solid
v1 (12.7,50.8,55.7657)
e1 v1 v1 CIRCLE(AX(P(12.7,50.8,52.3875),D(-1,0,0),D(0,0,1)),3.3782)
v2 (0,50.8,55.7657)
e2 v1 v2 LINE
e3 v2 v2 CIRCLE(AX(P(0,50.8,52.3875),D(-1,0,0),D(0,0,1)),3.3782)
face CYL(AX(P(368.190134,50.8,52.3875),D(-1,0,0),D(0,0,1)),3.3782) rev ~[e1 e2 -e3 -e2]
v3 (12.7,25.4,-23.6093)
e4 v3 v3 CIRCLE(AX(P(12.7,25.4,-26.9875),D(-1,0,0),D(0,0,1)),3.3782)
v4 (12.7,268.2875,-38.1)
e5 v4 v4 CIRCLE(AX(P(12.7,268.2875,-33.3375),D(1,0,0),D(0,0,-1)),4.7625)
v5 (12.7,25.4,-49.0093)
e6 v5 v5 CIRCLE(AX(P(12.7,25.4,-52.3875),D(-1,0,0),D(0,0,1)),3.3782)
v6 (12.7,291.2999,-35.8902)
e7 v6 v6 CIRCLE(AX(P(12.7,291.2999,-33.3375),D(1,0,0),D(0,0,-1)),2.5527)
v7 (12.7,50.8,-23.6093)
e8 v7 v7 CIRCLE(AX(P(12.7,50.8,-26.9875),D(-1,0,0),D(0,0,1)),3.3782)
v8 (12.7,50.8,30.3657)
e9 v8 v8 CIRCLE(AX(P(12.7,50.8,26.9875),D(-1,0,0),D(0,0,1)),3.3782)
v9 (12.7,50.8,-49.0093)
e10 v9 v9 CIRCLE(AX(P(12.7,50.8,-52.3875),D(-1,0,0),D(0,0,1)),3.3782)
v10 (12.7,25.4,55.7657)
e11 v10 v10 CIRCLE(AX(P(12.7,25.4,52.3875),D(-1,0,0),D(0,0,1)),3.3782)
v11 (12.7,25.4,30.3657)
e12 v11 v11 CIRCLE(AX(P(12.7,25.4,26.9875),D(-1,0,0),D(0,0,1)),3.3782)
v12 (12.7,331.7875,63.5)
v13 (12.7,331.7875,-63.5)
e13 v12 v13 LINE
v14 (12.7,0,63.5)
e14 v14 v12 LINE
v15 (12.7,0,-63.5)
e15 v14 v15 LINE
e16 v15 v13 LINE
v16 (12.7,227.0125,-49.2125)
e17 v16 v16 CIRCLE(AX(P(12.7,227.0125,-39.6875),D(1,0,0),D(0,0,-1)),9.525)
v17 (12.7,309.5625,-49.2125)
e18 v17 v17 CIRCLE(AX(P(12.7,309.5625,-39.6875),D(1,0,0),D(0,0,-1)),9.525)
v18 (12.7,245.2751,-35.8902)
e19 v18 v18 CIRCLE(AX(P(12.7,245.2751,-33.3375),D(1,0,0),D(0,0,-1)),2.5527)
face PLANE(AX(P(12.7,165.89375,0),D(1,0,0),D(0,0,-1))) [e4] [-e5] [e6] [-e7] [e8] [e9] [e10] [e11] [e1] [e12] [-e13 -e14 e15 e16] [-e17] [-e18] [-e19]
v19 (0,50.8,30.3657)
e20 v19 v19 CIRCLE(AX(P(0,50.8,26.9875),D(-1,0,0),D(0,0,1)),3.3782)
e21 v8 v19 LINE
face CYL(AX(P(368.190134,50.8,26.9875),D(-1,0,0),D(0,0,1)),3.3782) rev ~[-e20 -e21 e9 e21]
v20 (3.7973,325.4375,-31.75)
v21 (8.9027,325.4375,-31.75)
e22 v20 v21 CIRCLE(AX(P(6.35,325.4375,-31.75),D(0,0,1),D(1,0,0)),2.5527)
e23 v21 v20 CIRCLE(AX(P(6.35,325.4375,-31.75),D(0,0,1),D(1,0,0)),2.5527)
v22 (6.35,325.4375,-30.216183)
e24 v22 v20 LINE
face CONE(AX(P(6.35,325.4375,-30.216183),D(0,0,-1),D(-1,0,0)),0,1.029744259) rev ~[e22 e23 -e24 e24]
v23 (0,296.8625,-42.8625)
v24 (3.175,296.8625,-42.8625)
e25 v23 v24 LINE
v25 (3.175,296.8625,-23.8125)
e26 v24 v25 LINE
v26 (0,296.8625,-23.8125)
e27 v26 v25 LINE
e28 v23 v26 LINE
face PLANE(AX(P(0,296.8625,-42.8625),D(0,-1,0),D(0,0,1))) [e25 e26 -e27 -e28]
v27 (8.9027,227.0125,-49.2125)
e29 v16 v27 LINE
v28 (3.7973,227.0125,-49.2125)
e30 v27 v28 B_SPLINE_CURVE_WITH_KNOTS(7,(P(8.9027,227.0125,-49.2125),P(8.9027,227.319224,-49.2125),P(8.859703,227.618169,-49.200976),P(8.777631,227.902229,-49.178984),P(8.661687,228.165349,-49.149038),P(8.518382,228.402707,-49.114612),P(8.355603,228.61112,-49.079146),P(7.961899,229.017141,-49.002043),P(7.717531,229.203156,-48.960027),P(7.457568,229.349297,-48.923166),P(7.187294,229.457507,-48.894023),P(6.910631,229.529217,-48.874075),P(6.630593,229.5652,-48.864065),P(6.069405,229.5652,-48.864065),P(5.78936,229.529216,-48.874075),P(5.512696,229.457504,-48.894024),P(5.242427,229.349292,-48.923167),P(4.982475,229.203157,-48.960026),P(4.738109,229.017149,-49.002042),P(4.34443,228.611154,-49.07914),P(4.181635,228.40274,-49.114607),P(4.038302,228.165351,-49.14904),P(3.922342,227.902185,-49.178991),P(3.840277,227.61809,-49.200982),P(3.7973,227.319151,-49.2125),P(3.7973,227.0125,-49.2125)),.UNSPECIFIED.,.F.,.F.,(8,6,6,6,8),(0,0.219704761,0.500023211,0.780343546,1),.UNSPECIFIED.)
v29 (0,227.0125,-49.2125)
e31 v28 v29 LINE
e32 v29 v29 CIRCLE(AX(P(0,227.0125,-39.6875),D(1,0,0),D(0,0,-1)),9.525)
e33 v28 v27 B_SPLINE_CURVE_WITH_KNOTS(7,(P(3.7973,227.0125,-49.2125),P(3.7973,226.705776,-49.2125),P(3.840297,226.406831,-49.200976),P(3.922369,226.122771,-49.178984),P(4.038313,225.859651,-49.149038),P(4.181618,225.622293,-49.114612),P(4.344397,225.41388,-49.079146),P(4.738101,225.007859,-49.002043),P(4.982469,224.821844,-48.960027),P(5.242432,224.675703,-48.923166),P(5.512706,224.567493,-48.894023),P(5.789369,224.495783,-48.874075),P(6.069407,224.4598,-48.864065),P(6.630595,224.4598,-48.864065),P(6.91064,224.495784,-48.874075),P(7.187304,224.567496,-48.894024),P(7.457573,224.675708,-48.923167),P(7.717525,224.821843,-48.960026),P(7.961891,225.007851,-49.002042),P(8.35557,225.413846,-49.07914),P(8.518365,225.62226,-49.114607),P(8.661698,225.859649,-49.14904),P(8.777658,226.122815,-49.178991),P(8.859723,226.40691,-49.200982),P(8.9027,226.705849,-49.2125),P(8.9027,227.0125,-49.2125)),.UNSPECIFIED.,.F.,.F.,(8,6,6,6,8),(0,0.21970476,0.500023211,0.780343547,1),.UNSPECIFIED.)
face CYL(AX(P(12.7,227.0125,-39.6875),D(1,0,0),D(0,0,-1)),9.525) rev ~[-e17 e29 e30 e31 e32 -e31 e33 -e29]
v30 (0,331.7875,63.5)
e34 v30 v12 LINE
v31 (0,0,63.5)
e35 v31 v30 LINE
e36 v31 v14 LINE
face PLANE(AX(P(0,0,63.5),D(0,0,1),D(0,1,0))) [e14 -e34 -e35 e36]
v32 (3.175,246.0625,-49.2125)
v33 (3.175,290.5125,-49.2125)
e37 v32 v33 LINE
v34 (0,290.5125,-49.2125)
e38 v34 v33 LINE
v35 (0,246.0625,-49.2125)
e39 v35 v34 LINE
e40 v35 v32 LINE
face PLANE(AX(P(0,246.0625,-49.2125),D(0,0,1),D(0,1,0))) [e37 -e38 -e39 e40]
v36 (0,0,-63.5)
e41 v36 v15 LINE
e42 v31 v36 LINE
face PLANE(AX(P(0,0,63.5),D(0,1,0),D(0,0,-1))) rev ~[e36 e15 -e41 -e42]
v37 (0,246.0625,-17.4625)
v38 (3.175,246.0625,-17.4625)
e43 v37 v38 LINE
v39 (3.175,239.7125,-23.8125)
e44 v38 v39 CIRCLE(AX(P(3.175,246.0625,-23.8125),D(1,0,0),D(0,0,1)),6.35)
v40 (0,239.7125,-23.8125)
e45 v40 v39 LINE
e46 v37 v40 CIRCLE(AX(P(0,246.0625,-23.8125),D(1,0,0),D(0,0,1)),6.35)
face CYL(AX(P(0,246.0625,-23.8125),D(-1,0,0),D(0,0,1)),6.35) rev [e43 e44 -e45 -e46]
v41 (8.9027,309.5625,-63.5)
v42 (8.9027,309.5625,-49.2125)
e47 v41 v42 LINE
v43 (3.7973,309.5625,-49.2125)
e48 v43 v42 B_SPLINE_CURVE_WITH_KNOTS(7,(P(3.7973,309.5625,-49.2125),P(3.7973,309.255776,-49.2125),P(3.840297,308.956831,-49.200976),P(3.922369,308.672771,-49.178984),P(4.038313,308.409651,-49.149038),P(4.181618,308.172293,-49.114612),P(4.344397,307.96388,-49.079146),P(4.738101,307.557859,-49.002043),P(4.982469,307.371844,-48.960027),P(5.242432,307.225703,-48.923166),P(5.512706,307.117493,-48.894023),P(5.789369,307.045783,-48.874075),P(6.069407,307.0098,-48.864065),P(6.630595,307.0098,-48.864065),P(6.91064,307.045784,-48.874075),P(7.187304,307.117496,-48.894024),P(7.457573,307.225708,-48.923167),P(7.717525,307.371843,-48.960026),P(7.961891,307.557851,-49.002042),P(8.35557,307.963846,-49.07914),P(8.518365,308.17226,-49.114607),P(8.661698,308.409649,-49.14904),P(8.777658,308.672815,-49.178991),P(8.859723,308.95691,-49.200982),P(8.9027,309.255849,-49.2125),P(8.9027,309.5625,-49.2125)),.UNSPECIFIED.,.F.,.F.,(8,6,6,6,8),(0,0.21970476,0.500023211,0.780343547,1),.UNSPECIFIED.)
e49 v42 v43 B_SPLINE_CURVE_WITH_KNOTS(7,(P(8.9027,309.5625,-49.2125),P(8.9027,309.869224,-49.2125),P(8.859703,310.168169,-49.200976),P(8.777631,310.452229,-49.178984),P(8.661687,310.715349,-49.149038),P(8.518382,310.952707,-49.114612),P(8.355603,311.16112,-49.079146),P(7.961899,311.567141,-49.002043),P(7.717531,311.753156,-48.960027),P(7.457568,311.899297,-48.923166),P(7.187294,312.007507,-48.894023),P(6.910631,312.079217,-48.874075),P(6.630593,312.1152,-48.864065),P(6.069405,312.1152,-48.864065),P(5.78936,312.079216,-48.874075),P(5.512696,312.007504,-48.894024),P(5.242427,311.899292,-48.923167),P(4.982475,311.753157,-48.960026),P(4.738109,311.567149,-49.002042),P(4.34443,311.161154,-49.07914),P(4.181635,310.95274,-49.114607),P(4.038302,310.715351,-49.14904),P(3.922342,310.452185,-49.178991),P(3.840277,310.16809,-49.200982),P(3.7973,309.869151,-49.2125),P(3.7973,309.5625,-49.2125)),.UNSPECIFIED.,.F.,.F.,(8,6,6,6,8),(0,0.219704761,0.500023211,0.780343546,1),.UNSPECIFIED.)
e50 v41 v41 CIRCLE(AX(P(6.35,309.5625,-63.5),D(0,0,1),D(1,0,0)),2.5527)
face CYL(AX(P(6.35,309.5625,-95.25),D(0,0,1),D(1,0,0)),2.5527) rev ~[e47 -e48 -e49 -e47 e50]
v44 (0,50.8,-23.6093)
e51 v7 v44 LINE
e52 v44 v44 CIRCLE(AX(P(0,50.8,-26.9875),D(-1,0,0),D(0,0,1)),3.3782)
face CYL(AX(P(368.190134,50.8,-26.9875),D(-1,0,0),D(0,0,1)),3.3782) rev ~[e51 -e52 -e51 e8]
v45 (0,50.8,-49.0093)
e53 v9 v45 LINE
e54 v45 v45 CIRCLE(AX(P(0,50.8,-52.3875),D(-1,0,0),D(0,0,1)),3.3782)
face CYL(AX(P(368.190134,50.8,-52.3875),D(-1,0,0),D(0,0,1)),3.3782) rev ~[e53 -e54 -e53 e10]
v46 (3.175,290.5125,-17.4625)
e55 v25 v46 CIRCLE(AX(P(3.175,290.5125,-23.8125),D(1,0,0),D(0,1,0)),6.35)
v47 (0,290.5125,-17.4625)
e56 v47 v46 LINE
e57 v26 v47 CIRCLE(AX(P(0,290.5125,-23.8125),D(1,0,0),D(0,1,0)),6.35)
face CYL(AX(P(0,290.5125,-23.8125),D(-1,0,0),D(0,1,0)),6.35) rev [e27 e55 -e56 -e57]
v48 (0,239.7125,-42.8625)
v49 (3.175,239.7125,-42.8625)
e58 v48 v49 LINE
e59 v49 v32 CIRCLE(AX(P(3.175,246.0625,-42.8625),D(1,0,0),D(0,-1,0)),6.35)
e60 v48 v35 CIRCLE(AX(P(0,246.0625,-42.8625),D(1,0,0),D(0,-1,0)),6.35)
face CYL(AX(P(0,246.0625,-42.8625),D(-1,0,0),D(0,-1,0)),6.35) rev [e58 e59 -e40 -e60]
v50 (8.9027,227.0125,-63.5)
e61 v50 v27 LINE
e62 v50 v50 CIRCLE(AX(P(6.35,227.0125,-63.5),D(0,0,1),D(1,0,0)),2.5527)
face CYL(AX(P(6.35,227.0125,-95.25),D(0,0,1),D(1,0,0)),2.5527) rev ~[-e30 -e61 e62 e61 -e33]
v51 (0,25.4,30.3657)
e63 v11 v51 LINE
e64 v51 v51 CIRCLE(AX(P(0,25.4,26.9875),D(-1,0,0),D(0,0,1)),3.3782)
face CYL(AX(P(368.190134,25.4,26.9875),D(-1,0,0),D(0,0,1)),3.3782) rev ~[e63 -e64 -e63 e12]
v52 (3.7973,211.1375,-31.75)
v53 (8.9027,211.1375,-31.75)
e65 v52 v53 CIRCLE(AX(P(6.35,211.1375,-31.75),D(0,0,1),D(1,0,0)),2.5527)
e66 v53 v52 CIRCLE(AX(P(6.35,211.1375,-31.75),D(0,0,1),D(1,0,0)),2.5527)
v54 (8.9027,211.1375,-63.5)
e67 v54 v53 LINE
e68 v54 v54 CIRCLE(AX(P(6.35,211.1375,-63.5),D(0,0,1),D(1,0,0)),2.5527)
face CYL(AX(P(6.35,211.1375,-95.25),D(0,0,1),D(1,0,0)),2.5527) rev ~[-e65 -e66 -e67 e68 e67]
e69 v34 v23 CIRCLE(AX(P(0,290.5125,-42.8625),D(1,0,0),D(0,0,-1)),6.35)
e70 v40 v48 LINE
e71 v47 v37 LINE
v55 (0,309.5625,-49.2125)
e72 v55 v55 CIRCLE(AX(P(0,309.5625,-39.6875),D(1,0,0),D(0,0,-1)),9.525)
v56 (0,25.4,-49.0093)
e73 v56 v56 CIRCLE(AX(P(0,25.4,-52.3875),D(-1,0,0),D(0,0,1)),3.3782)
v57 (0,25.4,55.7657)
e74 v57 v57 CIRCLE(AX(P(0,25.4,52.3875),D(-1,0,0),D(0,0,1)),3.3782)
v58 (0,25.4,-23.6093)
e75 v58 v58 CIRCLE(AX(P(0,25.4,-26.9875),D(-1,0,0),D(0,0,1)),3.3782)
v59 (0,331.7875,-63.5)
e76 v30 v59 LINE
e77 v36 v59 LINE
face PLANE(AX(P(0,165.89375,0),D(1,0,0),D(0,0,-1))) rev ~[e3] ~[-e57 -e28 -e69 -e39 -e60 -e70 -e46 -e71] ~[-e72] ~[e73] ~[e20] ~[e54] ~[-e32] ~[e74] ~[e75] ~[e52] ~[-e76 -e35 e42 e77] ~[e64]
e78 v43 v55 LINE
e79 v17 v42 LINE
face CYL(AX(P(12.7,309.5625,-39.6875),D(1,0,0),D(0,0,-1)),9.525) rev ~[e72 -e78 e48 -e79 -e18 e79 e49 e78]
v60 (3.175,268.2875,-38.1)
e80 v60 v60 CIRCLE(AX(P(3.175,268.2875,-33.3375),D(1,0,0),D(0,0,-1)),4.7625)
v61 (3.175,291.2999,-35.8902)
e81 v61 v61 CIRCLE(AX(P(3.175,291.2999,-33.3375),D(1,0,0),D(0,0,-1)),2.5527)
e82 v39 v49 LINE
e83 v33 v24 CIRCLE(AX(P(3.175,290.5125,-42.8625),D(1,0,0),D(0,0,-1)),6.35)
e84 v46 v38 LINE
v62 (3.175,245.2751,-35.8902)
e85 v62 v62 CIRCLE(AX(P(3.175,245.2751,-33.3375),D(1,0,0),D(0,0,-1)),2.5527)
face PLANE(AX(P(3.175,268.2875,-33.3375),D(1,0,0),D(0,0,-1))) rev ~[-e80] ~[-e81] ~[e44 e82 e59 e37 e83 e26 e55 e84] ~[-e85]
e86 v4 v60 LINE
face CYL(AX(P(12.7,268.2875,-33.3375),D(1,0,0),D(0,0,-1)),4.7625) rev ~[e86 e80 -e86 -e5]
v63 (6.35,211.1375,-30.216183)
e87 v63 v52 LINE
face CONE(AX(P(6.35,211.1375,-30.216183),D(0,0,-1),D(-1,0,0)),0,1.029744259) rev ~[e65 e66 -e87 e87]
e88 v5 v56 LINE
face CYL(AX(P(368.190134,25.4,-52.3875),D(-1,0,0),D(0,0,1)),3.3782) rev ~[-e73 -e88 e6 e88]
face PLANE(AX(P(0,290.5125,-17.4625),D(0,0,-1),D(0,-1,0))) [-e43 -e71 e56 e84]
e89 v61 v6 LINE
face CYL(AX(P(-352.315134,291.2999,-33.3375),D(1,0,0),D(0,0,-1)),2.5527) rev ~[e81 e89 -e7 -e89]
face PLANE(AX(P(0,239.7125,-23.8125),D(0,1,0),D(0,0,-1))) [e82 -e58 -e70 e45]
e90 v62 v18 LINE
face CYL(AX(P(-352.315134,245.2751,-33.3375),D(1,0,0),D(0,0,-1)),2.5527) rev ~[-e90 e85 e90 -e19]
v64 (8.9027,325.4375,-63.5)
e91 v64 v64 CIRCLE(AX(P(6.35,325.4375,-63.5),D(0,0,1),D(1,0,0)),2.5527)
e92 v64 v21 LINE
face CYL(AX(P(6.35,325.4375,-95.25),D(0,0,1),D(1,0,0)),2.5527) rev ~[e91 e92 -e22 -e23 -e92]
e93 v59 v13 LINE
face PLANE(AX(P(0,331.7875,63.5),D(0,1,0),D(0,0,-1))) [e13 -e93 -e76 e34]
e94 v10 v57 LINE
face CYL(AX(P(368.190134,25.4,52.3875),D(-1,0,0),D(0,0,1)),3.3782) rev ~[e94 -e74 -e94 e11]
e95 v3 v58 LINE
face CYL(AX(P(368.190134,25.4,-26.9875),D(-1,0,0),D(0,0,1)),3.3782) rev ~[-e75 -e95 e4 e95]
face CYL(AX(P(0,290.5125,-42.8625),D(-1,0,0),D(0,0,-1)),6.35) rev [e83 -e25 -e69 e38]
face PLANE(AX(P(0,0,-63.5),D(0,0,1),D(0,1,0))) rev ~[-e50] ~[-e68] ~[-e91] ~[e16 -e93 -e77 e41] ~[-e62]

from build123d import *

# Parameters (mm, degrees)
SKETCH1_W                             = 127
SKETCH1_H                             = 331.7875
BOSS_EXTRUDE1_DEPTH                   = 12.7
SKETCH9_R                             = 9.525
SKETCH9_R_2                           = 4.7625
CUT_EXTRUDE1_DEPTH                    = 339.048051549
CUT_EXTRUDE3_DEPTH                    = 3.175
F_10_CLEARANCE_HOLE2_D                = 5.1054
TAPPED_HOLE_FOR_10_32_HELICOIL1_D     = 5.1054
TAPPED_HOLE_FOR_10_32_HELICOIL1_DEPTH = 31.75
TAPPED_HOLE_FOR_10_32_HELICOIL1_TIP   = 1.533816902
F_1_4_CLEARANCE_HOLE1_D               = 6.7564


with BuildPart() as part:
    # Sketch1 → Boss-Extrude1 (new body)
    with BuildSketch(Plane(origin=(0, 0, 0), x_dir=(0, 0, -1), z_dir=(1, 0, 0))):
        with Locations((0, 165.89375)):
            Rectangle(SKETCH1_W, SKETCH1_H)
    extrude(amount=BOSS_EXTRUDE1_DEPTH)

    # Sketch9 → Cut-Extrude1 (cut, through all)
    with BuildSketch(Plane(origin=(12.7, 0, 0), x_dir=(0, 0, -1), z_dir=(1, 0, 0))):
        with Locations((39.6875, 309.5625)):
            Circle(SKETCH9_R)
        with Locations((39.6875, 227.0125)):
            Circle(SKETCH9_R)
        with Locations((33.3375, 268.2875)):
            Circle(SKETCH9_R_2)
    extrude(amount=-CUT_EXTRUDE1_DEPTH, mode=Mode.SUBTRACT)

    # Sketch24 → Cut-Extrude3 (cut)
    with BuildSketch(Plane.ZY):
        with BuildLine():
            Line((-42.8625, 296.8625), (-23.8125, 296.8625))
            ThreePointArc((-23.8125, 296.8625), (-19.322371939, 295.002628061), (-17.4625, 290.5125))
            Line((-17.4625, 290.5125), (-17.4625, 246.0625))
            ThreePointArc((-17.4625, 246.0625), (-19.322371939, 241.572371939), (-23.8125, 239.7125))
            Line((-23.8125, 239.7125), (-42.8625, 239.7125))
            ThreePointArc((-42.8625, 239.7125), (-47.352628061, 241.572371939), (-49.2125, 246.0625))
            Line((-49.2125, 246.0625), (-49.2125, 290.5125))
            ThreePointArc((-49.2125, 290.5125), (-47.352628061, 295.002628061), (-42.8625, 296.8625))
        make_face()
    extrude(amount=-CUT_EXTRUDE3_DEPTH, mode=Mode.SUBTRACT)

    # #10 Clearance Hole2 (through all)
    with Locations(Plane.ZY.offset(-3.175)):
        with Locations((-33.3375, 291.2999), (-33.3375, 245.2751)):
            Hole(F_10_CLEARANCE_HOLE2_D / 2)

    # Tapped Hole for #10-32 Helicoil1
    with Locations(Plane(origin=(0, 0, -63.5), x_dir=(-1, 0, 0), z_dir=(0, 0, -1))):
        with Locations((-6.35, 325.4375), (-6.35, 211.1375), (-6.35, 309.5625), (-6.35, 227.0125)):
            Hole(TAPPED_HOLE_FOR_10_32_HELICOIL1_D / 2, depth=TAPPED_HOLE_FOR_10_32_HELICOIL1_DEPTH)
            with Locations((0, 0, -(TAPPED_HOLE_FOR_10_32_HELICOIL1_DEPTH + TAPPED_HOLE_FOR_10_32_HELICOIL1_TIP / 2))):  # 118° drill point
                Cone(0, TAPPED_HOLE_FOR_10_32_HELICOIL1_D / 2, TAPPED_HOLE_FOR_10_32_HELICOIL1_TIP, mode=Mode.SUBTRACT)

    # 1/4 Clearance Hole1 (through all)
    with Locations(Plane(origin=(12.7, 0, 0), x_dir=(0, 0, -1), z_dir=(1, 0, 0))):
        with Locations((-52.3875, 25.4), (-26.9875, 50.8), (-52.3875, 50.8), (-26.9875, 25.4), (26.9875, 50.8), (52.3875, 25.4), (26.9875, 25.4), (52.3875, 50.8)):
            Hole(F_1_4_CLEARANCE_HOLE1_D / 2)


solid = part.part
